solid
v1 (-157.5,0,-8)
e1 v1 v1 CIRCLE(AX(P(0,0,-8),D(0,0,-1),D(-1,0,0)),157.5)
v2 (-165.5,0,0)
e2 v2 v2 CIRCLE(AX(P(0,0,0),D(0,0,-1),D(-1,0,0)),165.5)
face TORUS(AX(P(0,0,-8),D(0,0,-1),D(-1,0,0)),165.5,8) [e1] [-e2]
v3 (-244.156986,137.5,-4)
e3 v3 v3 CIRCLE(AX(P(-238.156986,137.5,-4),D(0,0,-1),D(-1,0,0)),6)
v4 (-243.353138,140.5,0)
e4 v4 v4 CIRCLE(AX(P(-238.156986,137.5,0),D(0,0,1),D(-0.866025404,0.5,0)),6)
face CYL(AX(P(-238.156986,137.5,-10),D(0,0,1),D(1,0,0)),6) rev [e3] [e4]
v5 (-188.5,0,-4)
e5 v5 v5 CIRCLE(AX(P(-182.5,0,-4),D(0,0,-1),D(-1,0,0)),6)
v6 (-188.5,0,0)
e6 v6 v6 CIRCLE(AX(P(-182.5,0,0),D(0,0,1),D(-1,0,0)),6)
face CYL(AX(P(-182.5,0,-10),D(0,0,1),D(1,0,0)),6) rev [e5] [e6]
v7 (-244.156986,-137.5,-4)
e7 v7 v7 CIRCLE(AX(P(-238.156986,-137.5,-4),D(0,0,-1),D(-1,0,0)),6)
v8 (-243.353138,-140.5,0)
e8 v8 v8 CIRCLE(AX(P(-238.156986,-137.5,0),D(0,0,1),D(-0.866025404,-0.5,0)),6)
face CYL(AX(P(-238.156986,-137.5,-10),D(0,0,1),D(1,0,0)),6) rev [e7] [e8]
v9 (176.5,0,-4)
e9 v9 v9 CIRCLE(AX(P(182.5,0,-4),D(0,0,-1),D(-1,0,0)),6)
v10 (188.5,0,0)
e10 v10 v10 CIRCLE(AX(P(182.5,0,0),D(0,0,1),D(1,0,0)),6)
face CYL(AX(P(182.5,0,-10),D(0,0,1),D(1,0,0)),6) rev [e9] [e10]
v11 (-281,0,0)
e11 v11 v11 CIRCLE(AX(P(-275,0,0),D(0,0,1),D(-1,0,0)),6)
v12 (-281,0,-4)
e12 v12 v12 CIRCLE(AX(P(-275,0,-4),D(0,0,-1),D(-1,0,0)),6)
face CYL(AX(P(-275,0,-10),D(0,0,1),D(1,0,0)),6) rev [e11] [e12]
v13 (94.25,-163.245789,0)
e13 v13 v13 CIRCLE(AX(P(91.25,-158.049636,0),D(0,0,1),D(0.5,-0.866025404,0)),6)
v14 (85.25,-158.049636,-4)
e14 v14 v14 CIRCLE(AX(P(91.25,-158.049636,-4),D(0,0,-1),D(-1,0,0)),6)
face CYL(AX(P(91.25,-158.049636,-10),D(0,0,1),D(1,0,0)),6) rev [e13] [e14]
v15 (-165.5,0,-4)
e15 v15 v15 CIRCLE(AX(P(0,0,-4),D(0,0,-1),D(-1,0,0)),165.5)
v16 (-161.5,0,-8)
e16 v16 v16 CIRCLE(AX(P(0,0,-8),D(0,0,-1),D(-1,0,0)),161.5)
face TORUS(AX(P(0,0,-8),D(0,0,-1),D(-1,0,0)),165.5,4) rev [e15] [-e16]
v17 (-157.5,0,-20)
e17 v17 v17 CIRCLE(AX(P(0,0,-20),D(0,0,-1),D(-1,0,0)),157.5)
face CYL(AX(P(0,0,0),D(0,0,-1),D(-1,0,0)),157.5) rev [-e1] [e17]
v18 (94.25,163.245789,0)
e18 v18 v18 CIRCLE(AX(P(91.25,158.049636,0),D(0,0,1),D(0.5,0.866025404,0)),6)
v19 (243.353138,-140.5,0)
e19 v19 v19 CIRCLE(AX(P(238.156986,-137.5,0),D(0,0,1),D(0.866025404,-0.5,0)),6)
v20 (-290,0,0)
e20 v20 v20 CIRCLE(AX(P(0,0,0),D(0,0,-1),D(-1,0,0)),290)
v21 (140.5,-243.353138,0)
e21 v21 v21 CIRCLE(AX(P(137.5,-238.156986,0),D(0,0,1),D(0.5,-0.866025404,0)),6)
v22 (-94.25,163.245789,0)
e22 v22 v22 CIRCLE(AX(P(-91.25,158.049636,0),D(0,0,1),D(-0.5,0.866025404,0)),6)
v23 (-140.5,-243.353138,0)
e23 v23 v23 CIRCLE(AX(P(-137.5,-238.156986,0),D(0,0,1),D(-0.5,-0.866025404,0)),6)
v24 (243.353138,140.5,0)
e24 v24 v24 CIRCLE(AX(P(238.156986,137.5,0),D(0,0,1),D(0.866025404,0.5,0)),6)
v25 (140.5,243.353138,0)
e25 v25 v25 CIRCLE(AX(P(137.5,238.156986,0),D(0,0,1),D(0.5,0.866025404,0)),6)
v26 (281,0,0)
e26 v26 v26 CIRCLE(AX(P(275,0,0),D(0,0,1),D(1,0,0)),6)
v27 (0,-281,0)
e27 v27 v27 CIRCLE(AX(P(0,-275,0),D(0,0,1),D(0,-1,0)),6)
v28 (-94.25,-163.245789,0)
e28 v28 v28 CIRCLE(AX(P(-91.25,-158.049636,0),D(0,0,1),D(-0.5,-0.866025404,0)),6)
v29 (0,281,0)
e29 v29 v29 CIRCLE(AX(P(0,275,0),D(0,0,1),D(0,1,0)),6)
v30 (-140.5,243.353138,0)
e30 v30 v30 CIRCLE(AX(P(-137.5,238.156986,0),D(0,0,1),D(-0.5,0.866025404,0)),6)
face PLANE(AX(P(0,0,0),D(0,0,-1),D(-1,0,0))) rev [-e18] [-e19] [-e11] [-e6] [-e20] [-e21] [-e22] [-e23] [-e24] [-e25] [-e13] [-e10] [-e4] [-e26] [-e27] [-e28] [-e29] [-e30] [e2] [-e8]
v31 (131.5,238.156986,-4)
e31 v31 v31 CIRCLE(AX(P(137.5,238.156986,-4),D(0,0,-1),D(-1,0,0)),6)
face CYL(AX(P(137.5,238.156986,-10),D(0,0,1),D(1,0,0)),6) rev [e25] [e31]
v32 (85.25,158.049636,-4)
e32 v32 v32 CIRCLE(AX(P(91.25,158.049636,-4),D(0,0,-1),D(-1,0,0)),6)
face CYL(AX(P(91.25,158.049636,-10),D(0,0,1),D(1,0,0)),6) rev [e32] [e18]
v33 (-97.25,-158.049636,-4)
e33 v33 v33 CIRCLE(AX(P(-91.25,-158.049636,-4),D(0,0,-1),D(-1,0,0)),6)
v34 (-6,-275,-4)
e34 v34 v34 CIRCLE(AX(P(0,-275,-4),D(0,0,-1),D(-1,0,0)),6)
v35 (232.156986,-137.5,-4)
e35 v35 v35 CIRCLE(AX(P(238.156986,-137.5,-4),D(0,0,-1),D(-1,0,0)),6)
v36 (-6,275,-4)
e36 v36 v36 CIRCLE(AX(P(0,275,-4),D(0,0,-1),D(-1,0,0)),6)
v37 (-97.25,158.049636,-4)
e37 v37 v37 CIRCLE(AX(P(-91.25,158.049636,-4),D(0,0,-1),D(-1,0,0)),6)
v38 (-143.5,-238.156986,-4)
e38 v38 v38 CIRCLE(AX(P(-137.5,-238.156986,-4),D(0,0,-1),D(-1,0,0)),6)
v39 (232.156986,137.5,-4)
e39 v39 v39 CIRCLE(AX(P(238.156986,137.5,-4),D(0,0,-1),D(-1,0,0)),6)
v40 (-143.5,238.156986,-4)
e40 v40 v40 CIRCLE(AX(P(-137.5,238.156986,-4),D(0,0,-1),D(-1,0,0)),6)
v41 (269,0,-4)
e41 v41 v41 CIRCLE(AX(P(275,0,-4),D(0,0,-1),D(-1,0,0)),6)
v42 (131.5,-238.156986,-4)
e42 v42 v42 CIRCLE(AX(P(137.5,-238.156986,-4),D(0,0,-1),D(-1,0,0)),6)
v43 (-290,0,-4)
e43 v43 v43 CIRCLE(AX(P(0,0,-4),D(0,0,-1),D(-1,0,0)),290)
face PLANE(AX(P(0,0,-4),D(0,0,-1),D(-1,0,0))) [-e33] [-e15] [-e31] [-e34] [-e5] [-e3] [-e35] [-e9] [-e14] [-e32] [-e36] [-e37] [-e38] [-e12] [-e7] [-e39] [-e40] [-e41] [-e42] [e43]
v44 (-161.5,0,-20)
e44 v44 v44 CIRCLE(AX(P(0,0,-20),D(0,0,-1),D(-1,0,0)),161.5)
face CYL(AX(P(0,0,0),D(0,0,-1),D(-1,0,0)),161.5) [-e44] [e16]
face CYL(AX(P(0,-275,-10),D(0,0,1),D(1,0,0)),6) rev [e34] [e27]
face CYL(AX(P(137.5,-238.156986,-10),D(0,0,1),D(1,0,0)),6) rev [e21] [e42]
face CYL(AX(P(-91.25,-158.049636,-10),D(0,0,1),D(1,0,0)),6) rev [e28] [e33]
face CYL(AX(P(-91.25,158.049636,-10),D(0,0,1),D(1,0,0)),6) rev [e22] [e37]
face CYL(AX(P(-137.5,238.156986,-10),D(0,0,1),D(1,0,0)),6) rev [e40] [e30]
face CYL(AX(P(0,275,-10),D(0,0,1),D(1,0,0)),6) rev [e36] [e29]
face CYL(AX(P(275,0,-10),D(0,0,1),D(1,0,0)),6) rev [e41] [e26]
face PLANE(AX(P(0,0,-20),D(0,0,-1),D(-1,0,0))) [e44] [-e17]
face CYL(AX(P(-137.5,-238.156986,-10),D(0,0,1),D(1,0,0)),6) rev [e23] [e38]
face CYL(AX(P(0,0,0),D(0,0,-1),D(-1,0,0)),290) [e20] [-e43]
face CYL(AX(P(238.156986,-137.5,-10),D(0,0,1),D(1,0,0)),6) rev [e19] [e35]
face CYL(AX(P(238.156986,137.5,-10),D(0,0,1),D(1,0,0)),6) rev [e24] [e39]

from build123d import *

# Parameters (mm, degrees)
SKETCH2_R          = 6
CUT_EXTRUDE1_DEPTH = 10
CIRPATTERN1_COUNT  = 6
SKETCH3_R          = 6
CUT_EXTRUDE2_DEPTH = 10
CIRPATTERN2_COUNT  = 12


with BuildPart() as part:
    # Sketch1 → Revolve1 (revolve)
    with BuildSketch(Plane(origin=(0, 0, 0), x_dir=(1, 0, 0), z_dir=(0, 1, 0))):
        with BuildLine():
            Line((-161.5, 8), (-161.5, 20))
            Line((-161.5, 20), (-157.5, 20))
            Line((-157.5, 20), (-157.5, 8))
            ThreePointArc((-157.5, 8), (-159.843145751, 2.343145751), (-165.5, 0))
            Line((-165.5, 0), (-290, 0))
            Line((-290, 0), (-290, 4))
            Line((-290, 4), (-165.5, 4))
            ThreePointArc((-165.5, 4), (-162.671572875, 5.171572875), (-161.5, 8))
        make_face()
    revolve(axis=Axis((0, 0, 0), (0, 0, 1)))

    # Sketch2 → Cut-Extrude1 (cut)
    with BuildSketch(Plane.XY):
        with Locations((182.5, 0)):
            Circle(SKETCH2_R)
    cut_extrude1 = extrude(amount=-CUT_EXTRUDE1_DEPTH, mode=Mode.SUBTRACT)

    # CirPattern1: Cut-Extrude1 ×6 about axis
    cirpattern1_axis = Axis((0, 0, 0), (0, 0, 1))
    for i in range(1, CIRPATTERN1_COUNT):
        add(cut_extrude1.rotate(cirpattern1_axis, i * 360 / CIRPATTERN1_COUNT), mode=Mode.SUBTRACT)

    # Sketch3 → Cut-Extrude2 (cut)
    with BuildSketch(Plane.XY):
        with Locations((275, 0)):
            Circle(SKETCH3_R)
    cut_extrude2 = extrude(amount=-CUT_EXTRUDE2_DEPTH, mode=Mode.SUBTRACT)

    # CirPattern2: Cut-Extrude2 ×12 about axis
    cirpattern2_axis = Axis((0, 0, 0), (0, 0, 1))
    for i in range(1, CIRPATTERN2_COUNT):
        add(cut_extrude2.rotate(cirpattern2_axis, i * 360 / CIRPATTERN2_COUNT), mode=Mode.SUBTRACT)


solid = part.part
